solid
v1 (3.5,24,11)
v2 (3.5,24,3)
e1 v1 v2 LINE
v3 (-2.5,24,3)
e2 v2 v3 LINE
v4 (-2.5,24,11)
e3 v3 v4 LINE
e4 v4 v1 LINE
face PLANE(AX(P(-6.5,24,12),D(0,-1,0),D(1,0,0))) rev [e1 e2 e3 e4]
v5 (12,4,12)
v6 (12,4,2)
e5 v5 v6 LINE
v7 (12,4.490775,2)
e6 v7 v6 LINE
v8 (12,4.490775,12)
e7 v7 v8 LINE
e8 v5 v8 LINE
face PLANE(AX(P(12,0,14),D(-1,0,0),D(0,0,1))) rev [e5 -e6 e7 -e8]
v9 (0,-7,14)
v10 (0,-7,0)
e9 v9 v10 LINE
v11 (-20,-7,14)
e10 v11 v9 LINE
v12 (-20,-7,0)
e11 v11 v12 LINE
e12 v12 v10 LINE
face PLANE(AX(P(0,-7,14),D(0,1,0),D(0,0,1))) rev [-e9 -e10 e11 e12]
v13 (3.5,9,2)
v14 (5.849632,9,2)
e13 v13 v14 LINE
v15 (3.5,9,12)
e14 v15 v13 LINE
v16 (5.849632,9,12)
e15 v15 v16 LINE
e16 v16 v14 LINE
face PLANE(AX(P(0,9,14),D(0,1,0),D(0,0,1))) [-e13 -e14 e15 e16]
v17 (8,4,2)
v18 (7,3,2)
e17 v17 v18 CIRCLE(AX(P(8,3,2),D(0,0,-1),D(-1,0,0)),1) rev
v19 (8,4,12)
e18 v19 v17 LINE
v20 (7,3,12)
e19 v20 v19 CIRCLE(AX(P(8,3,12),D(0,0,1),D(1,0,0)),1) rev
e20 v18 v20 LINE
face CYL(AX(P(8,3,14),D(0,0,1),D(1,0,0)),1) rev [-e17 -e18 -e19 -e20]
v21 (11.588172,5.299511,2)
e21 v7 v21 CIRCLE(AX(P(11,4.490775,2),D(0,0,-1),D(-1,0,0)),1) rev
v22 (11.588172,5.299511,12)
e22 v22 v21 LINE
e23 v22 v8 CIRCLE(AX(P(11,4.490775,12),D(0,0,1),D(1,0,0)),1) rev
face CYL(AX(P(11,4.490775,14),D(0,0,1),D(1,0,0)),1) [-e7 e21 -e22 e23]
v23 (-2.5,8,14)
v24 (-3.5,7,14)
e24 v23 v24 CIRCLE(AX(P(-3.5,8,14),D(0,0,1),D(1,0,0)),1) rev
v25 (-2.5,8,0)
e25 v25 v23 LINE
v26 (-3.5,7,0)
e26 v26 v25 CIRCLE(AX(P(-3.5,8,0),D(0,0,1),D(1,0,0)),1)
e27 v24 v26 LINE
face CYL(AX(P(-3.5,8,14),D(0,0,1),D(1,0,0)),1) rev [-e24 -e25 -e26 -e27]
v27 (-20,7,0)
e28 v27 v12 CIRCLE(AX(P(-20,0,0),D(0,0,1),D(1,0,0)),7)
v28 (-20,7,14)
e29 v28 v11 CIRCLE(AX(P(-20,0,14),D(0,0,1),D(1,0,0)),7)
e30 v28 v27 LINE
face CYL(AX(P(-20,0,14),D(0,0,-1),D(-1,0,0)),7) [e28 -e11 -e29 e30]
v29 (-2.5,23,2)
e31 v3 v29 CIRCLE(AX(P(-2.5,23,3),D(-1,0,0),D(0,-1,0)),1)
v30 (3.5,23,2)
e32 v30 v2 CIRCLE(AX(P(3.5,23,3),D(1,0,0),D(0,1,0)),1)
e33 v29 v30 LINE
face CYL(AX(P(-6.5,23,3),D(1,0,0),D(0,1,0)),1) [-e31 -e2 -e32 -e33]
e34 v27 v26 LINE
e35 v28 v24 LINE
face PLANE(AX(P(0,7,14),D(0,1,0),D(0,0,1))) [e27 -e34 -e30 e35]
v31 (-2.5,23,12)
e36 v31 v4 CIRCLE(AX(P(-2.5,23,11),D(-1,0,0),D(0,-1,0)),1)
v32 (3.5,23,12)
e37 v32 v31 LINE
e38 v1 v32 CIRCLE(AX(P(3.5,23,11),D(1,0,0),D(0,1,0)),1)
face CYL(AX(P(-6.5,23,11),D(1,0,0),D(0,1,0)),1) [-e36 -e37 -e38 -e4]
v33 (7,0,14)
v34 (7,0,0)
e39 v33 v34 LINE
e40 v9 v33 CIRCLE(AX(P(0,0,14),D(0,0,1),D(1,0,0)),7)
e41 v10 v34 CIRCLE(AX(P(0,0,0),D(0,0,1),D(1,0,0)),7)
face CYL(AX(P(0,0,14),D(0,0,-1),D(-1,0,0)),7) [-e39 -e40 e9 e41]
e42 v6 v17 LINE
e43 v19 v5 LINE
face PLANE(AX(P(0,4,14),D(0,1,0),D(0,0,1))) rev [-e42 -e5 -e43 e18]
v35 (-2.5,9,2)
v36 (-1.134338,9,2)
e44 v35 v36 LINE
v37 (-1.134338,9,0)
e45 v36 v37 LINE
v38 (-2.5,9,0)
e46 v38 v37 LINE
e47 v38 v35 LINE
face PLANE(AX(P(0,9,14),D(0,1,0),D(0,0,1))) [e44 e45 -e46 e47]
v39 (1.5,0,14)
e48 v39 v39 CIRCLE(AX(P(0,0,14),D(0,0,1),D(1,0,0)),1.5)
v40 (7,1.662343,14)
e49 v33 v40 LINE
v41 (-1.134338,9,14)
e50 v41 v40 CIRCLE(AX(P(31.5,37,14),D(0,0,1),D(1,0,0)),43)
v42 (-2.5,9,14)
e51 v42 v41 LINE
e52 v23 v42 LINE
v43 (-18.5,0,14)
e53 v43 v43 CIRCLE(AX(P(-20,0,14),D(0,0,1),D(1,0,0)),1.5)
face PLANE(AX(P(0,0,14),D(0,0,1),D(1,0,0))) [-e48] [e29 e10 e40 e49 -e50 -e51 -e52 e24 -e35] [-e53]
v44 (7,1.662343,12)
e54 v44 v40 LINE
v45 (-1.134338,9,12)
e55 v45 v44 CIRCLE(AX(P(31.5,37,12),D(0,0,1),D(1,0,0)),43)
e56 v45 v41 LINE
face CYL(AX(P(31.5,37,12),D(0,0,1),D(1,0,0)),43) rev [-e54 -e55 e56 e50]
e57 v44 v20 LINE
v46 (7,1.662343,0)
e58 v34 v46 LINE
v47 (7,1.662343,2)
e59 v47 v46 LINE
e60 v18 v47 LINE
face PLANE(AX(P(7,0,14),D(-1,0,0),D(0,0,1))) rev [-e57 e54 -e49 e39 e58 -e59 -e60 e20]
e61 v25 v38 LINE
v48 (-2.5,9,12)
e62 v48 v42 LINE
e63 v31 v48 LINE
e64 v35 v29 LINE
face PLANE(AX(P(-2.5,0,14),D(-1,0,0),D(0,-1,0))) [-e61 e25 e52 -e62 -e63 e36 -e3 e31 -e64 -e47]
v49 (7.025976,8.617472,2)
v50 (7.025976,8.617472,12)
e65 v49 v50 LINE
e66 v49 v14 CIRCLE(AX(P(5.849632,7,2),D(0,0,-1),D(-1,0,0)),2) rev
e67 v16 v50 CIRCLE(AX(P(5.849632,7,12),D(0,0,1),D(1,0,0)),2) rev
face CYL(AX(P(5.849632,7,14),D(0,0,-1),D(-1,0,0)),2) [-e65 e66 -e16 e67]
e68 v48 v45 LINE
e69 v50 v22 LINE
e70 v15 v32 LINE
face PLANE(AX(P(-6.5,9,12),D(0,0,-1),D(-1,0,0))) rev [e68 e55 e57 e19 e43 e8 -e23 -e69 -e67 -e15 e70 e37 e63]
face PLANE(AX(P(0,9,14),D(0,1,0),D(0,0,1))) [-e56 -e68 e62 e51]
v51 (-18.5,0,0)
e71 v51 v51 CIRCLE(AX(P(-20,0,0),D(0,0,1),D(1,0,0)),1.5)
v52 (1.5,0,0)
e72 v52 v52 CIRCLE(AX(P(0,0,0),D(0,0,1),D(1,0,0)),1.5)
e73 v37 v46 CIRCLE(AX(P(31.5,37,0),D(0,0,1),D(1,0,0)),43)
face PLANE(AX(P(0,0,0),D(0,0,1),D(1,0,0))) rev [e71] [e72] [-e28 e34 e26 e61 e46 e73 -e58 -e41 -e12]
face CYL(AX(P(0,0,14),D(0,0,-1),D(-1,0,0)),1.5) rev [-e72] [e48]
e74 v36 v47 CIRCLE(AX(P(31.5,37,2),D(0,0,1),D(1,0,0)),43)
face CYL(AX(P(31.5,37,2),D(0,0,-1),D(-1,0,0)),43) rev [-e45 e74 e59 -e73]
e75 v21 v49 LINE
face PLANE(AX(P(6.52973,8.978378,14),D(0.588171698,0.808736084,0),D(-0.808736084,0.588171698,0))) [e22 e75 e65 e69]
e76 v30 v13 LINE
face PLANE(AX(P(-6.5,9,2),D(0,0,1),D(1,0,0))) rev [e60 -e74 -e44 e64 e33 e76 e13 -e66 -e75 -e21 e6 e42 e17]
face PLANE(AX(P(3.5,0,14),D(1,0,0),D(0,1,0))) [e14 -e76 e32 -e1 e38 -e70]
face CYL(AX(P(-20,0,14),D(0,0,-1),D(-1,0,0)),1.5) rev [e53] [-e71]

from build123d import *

# Parameters (mm, degrees)
SKETCH_1_R          = 7
SKETCH_1_R_2        = 1.5
EXTRUDE_1_DEPTH     = 14
FILLET_2_R          = 1
FILLET_4_R          = 2
FILLET_5_R          = 1
CUT_EXTRUDE_1_DEPTH = 10
FILLET_6_R          = 1
SKETCH_4_R          = 43
SKETCH_4_W          = 56
SKETCH_4_H          = 56
CUT_EXTRUDE_2_DEPTH = 2


with BuildPart() as part:
    # 草图1 → 凸台-拉伸1 (new body)
    # profile 1 of 3: a face of its own
    with BuildSketch(Plane.XY):
        with BuildLine():
            Line((-2.5, 7), (-20, 7))
            ThreePointArc((-20, 7), (-15.050252532, 4.949747468), (-13, 0))
            ThreePointArc((-13, 0), (-15.050252532, -4.949747468), (-20, -7))
            Line((-20, -7), (0, -7))
            ThreePointArc((0, -7), (-4.949747468, 4.949747468), (7, 0))
            Line((7, 0), (7, 4))
            Line((7, 4), (12, 4))
            Line((12, 4), (12, 5))
            Line((12, 5), (6.5, 9))
            Line((6.5, 9), (3.5, 9))
            Line((3.5, 9), (3.5, 26))
            Line((3.5, 26), (-2.5, 26))
            Line((-2.5, 26), (-2.5, 7))
        make_face()
    # profile 2 of 3: a face of its own
    with BuildSketch(Plane.XY):
        Circle(SKETCH_1_R)
        Circle(SKETCH_1_R_2, mode=Mode.SUBTRACT)
    # profile 3 of 3: a face of its own
    with BuildSketch(Plane.XY):
        with Locations((-20, 0)):
            Circle(SKETCH_1_R)
        with Locations((-20, 0)):
            Circle(SKETCH_1_R_2, mode=Mode.SUBTRACT)
    extrude(amount=EXTRUDE_1_DEPTH)

    # 圆角2
    fillet_2_edges = [part.edges().sort_by_distance(p)[0] for p in [
        (-2.5, 7, 7),
        (7, 4, 7),
    ]]
    fillet(fillet_2_edges, radius=FILLET_2_R)

    # 圆角4
    fillet_4_edges = [part.edges().sort_by_distance(p)[0] for p in [
        (6.5, 9, 7),
    ]]
    fillet(fillet_4_edges, radius=FILLET_4_R)

    # 圆角5
    fillet_5_edges = [part.edges().sort_by_distance(p)[0] for p in [
        (12, 5, 7),
    ]]
    fillet(fillet_5_edges, radius=FILLET_5_R)

    # 草图2 → 切除-拉伸1 (cut)
    with BuildSketch(Plane(origin=(3.5, 0, 0), x_dir=(0, 0, -1), z_dir=(1, 0, 0))):
        Polygon((-12, 9), (-14, 9), (-14, 26), (0, 26), (0, 9), (-2, 9), (-2, 24), (-12, 24), align=None)
    extrude(amount=-CUT_EXTRUDE_1_DEPTH, mode=Mode.SUBTRACT)

    # 圆角6
    fillet_6_edges = [part.edges().sort_by_distance(p)[0] for p in [
        (0.5, 24, 12),
        (0.5, 24, 2),
    ]]
    fillet(fillet_6_edges, radius=FILLET_6_R)

    # 草图4 → 切除-拉伸2 (cut)
    with BuildSketch(Plane.XY.offset(14)):
        with Locations((31.5, 37)):
            Circle(SKETCH_4_R)
        with Locations((31.5, 37)):
            Rectangle(SKETCH_4_W, SKETCH_4_H, mode=Mode.SUBTRACT)
    cut_extrude_2 = extrude(amount=-CUT_EXTRUDE_2_DEPTH, mode=Mode.SUBTRACT)

    # 镜向1: 切除-拉伸2 across plane
    add(cut_extrude_2.mirror(Plane.XY.offset(7)), mode=Mode.SUBTRACT)


solid = part.part
